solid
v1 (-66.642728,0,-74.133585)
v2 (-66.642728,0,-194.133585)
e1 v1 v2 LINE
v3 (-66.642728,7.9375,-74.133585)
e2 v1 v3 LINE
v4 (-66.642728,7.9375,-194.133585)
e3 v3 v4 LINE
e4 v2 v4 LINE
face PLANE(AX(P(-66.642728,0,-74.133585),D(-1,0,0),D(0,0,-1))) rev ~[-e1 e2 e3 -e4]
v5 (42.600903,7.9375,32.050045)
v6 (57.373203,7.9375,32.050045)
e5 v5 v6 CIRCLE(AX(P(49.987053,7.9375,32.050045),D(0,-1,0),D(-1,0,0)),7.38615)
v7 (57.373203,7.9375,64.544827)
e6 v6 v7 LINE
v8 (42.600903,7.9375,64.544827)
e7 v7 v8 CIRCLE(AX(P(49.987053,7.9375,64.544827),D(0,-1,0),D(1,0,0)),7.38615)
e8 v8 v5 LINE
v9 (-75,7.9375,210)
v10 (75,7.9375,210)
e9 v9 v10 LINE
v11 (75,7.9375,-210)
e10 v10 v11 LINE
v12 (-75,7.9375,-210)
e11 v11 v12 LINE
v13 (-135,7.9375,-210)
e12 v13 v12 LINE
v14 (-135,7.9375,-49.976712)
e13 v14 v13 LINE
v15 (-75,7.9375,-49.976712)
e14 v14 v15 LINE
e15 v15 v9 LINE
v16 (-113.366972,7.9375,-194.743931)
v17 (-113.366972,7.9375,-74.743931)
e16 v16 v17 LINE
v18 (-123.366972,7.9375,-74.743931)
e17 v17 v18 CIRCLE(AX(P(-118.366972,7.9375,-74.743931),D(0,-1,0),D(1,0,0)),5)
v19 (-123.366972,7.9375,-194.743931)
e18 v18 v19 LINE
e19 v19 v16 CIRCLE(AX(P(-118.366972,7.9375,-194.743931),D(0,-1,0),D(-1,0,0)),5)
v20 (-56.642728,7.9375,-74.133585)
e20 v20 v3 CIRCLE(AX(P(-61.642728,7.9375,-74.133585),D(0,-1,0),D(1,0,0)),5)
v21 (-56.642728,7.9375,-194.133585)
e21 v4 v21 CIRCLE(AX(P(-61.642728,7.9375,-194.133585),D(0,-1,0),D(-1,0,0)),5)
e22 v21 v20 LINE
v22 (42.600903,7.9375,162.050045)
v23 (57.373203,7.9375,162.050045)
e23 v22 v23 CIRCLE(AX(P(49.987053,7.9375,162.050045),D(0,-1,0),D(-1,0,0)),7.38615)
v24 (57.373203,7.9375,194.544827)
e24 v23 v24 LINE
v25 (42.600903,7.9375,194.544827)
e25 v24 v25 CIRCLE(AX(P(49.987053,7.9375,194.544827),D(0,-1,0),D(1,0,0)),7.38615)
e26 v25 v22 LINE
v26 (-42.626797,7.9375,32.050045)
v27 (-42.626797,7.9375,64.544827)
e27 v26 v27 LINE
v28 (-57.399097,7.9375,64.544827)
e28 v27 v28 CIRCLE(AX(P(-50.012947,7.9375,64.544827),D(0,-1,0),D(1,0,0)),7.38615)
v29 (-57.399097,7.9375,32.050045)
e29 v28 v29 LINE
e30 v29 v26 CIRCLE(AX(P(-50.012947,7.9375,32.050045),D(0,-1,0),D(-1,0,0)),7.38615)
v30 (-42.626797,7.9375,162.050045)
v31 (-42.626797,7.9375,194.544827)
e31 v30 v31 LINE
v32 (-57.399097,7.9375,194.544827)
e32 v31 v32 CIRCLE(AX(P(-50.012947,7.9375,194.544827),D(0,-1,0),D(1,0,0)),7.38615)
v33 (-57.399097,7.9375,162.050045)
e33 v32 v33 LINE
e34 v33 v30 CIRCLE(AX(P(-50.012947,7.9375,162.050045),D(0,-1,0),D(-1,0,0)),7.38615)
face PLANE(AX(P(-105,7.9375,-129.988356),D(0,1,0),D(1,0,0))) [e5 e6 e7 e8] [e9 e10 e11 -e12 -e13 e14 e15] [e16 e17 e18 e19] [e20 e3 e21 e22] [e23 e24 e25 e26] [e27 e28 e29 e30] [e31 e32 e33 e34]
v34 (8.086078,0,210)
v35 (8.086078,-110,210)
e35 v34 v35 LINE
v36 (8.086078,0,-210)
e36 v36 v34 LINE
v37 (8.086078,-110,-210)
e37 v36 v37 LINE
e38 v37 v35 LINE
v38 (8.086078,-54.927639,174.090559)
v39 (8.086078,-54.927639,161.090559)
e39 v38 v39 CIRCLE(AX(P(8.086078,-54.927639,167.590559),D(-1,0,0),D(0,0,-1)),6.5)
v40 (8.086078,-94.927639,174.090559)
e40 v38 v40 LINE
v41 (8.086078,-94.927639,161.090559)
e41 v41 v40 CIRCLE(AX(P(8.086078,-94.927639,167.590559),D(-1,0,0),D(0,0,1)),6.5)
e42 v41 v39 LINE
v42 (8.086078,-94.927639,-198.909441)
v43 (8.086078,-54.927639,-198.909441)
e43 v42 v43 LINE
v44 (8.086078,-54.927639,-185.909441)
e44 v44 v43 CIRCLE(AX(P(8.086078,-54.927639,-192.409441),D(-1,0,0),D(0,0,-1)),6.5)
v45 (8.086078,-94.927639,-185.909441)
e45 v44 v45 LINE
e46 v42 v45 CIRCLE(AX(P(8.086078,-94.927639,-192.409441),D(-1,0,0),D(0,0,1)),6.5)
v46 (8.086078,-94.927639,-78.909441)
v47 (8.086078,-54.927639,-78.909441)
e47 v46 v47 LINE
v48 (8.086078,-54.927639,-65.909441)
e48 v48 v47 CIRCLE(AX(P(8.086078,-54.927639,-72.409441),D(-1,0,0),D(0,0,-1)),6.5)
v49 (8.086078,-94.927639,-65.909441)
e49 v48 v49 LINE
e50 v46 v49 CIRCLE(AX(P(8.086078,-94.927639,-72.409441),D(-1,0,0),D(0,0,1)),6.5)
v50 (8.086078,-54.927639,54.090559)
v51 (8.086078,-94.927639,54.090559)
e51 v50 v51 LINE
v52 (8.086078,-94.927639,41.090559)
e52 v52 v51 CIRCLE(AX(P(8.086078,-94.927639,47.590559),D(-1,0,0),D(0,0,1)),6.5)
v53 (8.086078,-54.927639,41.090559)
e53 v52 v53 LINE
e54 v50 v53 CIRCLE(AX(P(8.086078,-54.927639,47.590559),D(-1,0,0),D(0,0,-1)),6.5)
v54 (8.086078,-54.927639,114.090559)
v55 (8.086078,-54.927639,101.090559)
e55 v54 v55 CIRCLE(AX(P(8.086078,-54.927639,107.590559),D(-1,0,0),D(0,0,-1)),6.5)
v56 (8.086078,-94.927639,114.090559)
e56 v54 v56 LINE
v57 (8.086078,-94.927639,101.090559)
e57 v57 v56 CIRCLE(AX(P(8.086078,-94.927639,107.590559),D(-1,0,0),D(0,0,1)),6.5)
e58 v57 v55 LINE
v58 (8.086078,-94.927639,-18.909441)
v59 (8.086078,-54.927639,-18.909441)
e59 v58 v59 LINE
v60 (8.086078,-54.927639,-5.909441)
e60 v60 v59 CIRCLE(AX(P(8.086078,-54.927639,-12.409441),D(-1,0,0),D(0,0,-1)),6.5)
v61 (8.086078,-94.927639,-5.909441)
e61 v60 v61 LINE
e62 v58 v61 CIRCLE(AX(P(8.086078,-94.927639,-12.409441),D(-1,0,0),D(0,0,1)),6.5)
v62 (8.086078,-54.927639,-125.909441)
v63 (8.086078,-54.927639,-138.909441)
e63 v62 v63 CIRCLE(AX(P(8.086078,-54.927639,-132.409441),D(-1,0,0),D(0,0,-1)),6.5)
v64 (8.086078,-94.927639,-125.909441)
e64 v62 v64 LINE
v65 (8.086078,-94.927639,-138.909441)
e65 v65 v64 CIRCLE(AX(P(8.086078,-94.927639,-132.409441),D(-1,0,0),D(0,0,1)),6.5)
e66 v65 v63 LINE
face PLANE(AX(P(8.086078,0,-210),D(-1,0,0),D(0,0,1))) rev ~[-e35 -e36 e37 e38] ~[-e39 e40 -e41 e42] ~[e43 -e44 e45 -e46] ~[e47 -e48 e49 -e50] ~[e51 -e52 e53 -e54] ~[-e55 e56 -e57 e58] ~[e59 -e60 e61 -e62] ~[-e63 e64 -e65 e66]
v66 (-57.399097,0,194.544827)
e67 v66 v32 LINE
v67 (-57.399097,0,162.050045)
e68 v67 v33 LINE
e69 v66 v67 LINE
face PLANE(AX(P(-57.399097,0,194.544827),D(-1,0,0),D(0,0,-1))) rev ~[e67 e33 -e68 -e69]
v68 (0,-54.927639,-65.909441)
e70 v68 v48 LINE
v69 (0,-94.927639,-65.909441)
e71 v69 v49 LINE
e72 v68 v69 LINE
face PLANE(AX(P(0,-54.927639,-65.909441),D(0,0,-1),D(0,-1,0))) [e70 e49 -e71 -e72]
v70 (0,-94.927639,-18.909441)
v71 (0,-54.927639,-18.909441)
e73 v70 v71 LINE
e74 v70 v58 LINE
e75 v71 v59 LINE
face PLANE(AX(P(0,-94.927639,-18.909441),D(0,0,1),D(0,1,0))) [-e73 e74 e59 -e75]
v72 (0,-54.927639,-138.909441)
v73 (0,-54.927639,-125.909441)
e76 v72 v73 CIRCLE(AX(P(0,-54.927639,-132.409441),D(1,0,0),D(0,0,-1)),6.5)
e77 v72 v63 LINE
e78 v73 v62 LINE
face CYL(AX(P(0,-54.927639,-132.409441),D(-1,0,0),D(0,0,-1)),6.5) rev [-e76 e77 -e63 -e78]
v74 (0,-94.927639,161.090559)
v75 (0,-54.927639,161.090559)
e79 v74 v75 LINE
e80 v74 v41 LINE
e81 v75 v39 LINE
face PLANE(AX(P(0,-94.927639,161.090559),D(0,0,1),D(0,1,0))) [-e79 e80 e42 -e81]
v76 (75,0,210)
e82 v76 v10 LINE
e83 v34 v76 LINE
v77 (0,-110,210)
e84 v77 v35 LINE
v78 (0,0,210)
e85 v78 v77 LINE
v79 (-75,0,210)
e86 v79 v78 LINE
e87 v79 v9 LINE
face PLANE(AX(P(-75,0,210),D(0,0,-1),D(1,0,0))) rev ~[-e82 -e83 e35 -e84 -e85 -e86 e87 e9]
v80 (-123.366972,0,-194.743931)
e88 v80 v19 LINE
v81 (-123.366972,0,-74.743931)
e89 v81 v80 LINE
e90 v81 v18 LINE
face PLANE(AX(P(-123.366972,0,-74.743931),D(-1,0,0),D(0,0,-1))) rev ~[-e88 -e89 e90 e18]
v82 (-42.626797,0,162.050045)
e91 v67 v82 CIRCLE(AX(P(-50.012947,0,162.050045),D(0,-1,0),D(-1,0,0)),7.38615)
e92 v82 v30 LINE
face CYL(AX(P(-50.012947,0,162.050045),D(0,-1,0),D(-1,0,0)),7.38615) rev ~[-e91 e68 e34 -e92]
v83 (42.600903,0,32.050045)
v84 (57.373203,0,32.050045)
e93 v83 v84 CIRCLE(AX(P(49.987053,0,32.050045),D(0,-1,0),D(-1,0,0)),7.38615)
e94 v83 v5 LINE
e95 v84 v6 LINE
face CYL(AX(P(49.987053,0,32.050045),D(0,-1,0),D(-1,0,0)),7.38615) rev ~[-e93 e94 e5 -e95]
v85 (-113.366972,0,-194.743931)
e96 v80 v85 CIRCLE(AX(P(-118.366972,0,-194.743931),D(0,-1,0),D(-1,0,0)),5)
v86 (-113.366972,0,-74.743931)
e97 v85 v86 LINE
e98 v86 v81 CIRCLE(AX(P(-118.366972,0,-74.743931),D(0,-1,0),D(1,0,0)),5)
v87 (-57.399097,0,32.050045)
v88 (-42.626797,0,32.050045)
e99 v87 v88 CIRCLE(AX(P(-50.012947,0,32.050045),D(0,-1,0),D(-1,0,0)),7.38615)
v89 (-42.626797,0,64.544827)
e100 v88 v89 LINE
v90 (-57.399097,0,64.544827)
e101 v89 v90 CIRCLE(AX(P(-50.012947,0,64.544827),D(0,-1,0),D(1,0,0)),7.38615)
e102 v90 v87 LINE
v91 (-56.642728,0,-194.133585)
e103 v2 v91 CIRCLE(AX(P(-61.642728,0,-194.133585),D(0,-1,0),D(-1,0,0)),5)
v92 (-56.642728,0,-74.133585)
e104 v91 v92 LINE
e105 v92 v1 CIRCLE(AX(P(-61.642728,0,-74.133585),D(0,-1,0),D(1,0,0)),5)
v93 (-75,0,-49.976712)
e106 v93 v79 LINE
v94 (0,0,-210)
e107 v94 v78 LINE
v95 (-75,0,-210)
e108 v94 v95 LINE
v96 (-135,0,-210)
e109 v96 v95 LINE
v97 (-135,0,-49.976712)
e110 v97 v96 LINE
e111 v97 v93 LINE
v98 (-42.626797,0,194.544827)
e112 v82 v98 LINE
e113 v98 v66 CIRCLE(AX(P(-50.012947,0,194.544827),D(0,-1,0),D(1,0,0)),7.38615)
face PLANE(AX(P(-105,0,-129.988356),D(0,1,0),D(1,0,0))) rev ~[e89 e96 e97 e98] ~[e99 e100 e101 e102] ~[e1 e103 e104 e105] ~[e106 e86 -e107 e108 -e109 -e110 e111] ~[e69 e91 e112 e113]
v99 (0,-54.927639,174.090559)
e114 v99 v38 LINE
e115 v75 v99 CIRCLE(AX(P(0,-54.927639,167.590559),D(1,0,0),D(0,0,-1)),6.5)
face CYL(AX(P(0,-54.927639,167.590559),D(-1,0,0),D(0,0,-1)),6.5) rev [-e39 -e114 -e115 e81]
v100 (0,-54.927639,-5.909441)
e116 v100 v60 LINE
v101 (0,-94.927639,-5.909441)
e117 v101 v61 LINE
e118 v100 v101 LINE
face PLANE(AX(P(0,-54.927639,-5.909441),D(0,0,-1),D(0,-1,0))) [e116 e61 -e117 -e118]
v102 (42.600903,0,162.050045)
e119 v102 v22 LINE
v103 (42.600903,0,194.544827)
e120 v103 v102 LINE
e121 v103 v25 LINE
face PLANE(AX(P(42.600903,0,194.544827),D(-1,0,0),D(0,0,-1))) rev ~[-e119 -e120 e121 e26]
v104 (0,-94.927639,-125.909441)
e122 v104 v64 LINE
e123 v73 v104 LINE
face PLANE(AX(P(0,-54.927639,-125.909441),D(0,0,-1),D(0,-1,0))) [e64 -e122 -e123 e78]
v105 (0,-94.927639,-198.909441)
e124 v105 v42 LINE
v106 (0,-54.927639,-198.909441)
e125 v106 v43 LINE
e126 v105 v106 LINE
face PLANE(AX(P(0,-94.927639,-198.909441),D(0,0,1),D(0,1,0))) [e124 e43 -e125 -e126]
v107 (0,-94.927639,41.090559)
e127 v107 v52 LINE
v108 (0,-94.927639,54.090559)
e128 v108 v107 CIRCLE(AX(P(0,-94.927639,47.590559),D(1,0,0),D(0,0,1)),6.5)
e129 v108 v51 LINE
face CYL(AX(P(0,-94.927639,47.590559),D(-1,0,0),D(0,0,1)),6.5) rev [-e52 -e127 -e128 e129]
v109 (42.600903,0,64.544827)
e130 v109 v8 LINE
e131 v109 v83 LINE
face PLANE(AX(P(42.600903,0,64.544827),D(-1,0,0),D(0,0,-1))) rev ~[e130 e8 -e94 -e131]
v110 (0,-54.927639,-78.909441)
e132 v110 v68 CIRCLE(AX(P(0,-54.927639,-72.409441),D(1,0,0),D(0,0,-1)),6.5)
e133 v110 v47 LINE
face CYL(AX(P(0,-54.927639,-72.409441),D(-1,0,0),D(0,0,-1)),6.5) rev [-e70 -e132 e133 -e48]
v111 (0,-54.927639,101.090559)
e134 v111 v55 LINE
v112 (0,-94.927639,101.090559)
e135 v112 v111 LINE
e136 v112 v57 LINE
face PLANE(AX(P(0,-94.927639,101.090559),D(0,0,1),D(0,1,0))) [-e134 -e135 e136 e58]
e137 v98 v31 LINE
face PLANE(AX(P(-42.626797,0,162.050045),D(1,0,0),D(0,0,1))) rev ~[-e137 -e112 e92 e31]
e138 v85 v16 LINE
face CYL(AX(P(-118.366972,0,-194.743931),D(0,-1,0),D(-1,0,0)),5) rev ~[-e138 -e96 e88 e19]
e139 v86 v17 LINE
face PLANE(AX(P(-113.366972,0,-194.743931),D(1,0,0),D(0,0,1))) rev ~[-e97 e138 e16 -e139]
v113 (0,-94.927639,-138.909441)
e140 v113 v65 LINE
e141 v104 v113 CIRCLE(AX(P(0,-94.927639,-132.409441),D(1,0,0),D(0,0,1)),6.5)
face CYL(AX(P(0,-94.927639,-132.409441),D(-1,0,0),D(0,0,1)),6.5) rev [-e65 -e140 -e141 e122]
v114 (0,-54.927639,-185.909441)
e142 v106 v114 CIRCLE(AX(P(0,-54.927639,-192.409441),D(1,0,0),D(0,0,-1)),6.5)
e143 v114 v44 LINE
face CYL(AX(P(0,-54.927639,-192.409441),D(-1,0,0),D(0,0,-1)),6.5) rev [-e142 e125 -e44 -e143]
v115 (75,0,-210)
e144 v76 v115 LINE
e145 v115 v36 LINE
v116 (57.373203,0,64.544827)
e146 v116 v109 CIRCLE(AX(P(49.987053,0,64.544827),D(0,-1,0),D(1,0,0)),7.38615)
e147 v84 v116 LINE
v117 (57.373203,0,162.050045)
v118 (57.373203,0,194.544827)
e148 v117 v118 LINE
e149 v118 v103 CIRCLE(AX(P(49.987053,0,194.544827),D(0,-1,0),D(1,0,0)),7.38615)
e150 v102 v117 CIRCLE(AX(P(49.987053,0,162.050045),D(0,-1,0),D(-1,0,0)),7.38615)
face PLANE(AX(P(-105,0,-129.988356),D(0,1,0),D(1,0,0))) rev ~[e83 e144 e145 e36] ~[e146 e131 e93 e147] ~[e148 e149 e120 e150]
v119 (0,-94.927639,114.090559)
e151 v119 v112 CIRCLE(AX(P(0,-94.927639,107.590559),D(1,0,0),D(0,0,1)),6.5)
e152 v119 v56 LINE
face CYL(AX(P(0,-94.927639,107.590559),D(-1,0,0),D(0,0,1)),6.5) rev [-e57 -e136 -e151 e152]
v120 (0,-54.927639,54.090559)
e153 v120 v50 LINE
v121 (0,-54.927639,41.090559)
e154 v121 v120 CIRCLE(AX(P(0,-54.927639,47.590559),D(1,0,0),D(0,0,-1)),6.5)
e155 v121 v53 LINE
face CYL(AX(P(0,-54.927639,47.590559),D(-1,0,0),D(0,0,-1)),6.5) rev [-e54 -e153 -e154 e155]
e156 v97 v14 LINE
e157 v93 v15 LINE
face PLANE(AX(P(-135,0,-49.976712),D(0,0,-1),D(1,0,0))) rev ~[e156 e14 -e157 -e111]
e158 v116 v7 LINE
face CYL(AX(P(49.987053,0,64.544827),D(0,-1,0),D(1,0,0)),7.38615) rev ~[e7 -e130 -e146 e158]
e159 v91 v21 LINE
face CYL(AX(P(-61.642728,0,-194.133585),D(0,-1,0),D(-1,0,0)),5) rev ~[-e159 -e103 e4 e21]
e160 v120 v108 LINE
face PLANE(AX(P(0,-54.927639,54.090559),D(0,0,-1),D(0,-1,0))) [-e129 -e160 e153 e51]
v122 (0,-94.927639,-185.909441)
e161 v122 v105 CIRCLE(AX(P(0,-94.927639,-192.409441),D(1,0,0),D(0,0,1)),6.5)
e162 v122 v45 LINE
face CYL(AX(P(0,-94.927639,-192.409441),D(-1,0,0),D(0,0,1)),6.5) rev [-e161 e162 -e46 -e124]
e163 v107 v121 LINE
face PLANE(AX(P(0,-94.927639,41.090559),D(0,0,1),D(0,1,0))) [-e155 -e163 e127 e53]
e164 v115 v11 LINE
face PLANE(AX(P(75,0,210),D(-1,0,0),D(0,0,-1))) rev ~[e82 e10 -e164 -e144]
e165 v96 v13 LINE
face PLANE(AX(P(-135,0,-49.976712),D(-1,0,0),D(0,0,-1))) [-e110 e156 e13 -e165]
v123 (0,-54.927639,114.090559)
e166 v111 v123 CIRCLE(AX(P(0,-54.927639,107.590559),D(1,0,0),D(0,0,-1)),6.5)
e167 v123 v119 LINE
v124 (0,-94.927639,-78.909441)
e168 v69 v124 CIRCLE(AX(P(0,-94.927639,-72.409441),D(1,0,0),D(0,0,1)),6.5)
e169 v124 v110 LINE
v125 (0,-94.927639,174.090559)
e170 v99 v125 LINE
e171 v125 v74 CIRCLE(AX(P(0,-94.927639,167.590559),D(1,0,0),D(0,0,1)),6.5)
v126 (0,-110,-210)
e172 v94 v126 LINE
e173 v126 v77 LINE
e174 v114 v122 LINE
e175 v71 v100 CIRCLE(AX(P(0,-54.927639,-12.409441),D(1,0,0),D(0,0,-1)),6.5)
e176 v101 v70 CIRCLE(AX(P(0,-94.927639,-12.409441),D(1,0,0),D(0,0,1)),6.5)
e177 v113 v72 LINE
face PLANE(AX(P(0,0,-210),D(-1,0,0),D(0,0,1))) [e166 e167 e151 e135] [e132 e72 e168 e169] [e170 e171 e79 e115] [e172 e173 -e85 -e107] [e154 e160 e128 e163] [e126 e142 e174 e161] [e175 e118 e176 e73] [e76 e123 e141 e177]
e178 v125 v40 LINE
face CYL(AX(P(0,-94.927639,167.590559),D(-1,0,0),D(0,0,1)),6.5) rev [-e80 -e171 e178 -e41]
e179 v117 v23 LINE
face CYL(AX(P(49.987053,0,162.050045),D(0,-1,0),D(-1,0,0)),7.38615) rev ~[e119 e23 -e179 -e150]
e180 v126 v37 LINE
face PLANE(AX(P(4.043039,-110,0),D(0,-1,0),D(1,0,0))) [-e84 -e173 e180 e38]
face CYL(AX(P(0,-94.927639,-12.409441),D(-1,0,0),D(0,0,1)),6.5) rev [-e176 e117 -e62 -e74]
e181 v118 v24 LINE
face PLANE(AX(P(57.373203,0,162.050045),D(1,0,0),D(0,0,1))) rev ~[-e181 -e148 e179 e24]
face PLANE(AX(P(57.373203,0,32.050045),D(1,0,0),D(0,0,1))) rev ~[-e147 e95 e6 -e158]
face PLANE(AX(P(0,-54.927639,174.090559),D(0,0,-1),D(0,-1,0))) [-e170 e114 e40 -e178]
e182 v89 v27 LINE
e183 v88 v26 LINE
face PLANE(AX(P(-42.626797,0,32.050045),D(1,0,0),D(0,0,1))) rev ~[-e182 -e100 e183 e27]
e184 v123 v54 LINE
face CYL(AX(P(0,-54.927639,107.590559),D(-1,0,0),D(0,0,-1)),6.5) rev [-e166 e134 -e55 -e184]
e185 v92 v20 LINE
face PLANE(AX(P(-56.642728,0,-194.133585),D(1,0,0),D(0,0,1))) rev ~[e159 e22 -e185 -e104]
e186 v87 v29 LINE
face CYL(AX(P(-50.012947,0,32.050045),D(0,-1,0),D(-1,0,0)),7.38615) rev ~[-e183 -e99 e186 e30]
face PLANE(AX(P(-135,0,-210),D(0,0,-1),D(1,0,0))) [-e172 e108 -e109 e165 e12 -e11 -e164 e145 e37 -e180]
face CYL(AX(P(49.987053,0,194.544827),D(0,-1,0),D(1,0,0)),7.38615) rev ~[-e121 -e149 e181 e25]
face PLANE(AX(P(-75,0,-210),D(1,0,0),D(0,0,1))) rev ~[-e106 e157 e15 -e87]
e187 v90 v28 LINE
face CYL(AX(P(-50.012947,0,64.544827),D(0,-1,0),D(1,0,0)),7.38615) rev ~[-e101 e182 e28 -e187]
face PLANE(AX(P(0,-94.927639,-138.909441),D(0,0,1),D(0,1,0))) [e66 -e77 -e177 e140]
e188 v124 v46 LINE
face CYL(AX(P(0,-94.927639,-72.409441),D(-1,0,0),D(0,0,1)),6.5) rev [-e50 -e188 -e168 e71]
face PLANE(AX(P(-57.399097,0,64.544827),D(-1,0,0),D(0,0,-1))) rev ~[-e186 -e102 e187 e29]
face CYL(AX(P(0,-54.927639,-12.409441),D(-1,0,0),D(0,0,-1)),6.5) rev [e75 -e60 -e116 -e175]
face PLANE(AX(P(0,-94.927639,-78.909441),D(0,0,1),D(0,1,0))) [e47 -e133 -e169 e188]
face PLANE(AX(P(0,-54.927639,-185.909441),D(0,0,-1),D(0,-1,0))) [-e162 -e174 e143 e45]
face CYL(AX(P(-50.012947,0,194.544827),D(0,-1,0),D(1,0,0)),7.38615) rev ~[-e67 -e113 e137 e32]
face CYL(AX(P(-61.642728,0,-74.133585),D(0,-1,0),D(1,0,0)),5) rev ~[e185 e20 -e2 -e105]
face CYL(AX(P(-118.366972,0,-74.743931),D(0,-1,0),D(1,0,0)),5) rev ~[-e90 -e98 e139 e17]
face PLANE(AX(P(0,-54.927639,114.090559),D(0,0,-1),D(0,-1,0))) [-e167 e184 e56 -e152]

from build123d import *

# Parameters (mm, degrees)
CROQUIS1_W              = 60
CROQUIS1_H              = 160.023288417
SALIENTE_EXTRUIR1_DEPTH = 7.9375
CROQUIS2_W              = 8.086078182
CROQUIS2_H              = 420
SALIENTE_EXTRUIR2_DEPTH = 110
CORTAR_EXTRUIR1_DEPTH   = 10


with BuildPart() as part:
    # Croquis1 → Saliente-Extruir1 (new body)
    # profile 1 of 2: a face of its own
    with BuildSketch(Plane(origin=(0, 0, 0), x_dir=(1, 0, 0), z_dir=(0, 1, 0))):
        Polygon((75, 210), (-75, 210), (-75, 49.976711583), (-75, -210), (75, -210), align=None)
        with BuildLine():
            ThreePointArc((-42.626797059, -194.544827159), (-50.012947046, -201.930977146), (-57.399097033, -194.544827159))
            Line((-57.399097033, -194.544827159), (-57.399097033, -162.050045053))
            ThreePointArc((-57.399097033, -162.050045053), (-50.012947046, -154.663895066), (-42.626797059, -162.050045053))
            Line((-42.626797059, -162.050045053), (-42.626797059, -194.544827159))
        make_face(mode=Mode.SUBTRACT)
        with BuildLine():
            ThreePointArc((-42.626797059, -64.544827159), (-50.012947046, -71.930977146), (-57.399097033, -64.544827159))
            Line((-57.399097033, -64.544827159), (-57.399097033, -32.050045053))
            ThreePointArc((-57.399097033, -32.050045053), (-50.012947046, -24.663895066), (-42.626797059, -32.050045053))
            Line((-42.626797059, -32.050045053), (-42.626797059, -64.544827159))
        make_face(mode=Mode.SUBTRACT)
        with BuildLine():
            ThreePointArc((57.373202941, -194.544827159), (49.987052954, -201.930977146), (42.600902967, -194.544827159))
            Line((42.600902967, -194.544827159), (42.600902967, -162.050045053))
            ThreePointArc((42.600902967, -162.050045053), (49.987052954, -154.663895066), (57.373202941, -162.050045053))
            Line((57.373202941, -162.050045053), (57.373202941, -194.544827159))
        make_face(mode=Mode.SUBTRACT)
        with BuildLine():
            ThreePointArc((57.373202941, -64.544827159), (49.987052954, -71.930977146), (42.600902967, -64.544827159))
            Line((42.600902967, -64.544827159), (42.600902967, -32.050045053))
            ThreePointArc((42.600902967, -32.050045053), (49.987052954, -24.663895066), (57.373202941, -32.050045053))
            Line((57.373202941, -32.050045053), (57.373202941, -64.544827159))
        make_face(mode=Mode.SUBTRACT)
        with BuildLine():
            ThreePointArc((-66.642728039, 194.133584854), (-61.642728039, 199.133584854), (-56.642728039, 194.133584854))
            Line((-56.642728039, 194.133584854), (-56.642728039, 74.133584854))
            ThreePointArc((-56.642728039, 74.133584854), (-61.642728039, 69.133584854), (-66.642728039, 74.133584854))
            Line((-66.642728039, 74.133584854), (-66.642728039, 194.133584854))
        make_face(mode=Mode.SUBTRACT)
    # profile 2 of 2: a face of its own
    with BuildSketch(Plane(origin=(0, 0, 0), x_dir=(1, 0, 0), z_dir=(0, 1, 0))):
        with Locations((-105, 129.988355791)):
            Rectangle(CROQUIS1_W, CROQUIS1_H)
        with BuildLine():
            ThreePointArc((-123.366972213, 194.743931483), (-118.366972213, 199.743931483), (-113.366972213, 194.743931483))
            Line((-113.366972213, 194.743931483), (-113.366972213, 74.743931483))
            ThreePointArc((-113.366972213, 74.743931483), (-118.366972213, 69.743931483), (-123.366972213, 74.743931483))
            Line((-123.366972213, 74.743931483), (-123.366972213, 194.743931483))
        make_face(mode=Mode.SUBTRACT)
    extrude(amount=SALIENTE_EXTRUIR1_DEPTH)

    # Croquis2 → Saliente-Extruir2 (add)
    with BuildSketch(Plane.XZ):
        with Locations((4.043039091, 0)):
            Rectangle(CROQUIS2_W, CROQUIS2_H)
    extrude(amount=SALIENTE_EXTRUIR2_DEPTH)

    # Croquis3 → Cortar-Extruir1 (cut)
    with BuildSketch(Plane.ZY):
        with BuildLine():
            Line((-185.90944112, -54.927638628), (-185.90944112, -94.927638628))
            ThreePointArc((-185.90944112, -94.927638628), (-192.40944112, -101.427638628), (-198.90944112, -94.927638628))
            Line((-198.90944112, -94.927638628), (-198.90944112, -54.927638628))
            ThreePointArc((-198.90944112, -54.927638628), (-192.40944112, -48.427638628), (-185.90944112, -54.927638628))
        make_face()
        with BuildLine():
            Line((-125.90944112, -54.927638628), (-125.90944112, -94.927638628))
            ThreePointArc((-125.90944112, -94.927638628), (-132.40944112, -101.427638628), (-138.90944112, -94.927638628))
            Line((-138.90944112, -94.927638628), (-138.90944112, -54.927638628))
            ThreePointArc((-138.90944112, -54.927638628), (-132.40944112, -48.427638628), (-125.90944112, -54.927638628))
        make_face()
        with BuildLine():
            Line((-65.90944112, -54.927638628), (-65.90944112, -94.927638628))
            ThreePointArc((-65.90944112, -94.927638628), (-72.40944112, -101.427638628), (-78.90944112, -94.927638628))
            Line((-78.90944112, -94.927638628), (-78.90944112, -54.927638628))
            ThreePointArc((-78.90944112, -54.927638628), (-72.40944112, -48.427638628), (-65.90944112, -54.927638628))
        make_face()
        with BuildLine():
            Line((-5.90944112, -54.927638628), (-5.90944112, -94.927638628))
            ThreePointArc((-5.90944112, -94.927638628), (-12.40944112, -101.427638628), (-18.90944112, -94.927638628))
            Line((-18.90944112, -94.927638628), (-18.90944112, -54.927638628))
            ThreePointArc((-18.90944112, -54.927638628), (-12.40944112, -48.427638628), (-5.90944112, -54.927638628))
        make_face()
        with BuildLine():
            Line((54.09055888, -54.927638628), (54.09055888, -94.927638628))
            ThreePointArc((54.09055888, -94.927638628), (47.59055888, -101.427638628), (41.09055888, -94.927638628))
            Line((41.09055888, -94.927638628), (41.09055888, -54.927638628))
            ThreePointArc((41.09055888, -54.927638628), (47.59055888, -48.427638628), (54.09055888, -54.927638628))
        make_face()
        with BuildLine():
            Line((114.09055888, -54.927638628), (114.09055888, -94.927638628))
            ThreePointArc((114.09055888, -94.927638628), (107.59055888, -101.427638628), (101.09055888, -94.927638628))
            Line((101.09055888, -94.927638628), (101.09055888, -54.927638628))
            ThreePointArc((101.09055888, -54.927638628), (107.59055888, -48.427638628), (114.09055888, -54.927638628))
        make_face()
        with BuildLine():
            Line((174.09055888, -54.927638628), (174.09055888, -94.927638628))
            ThreePointArc((174.09055888, -94.927638628), (167.59055888, -101.427638628), (161.09055888, -94.927638628))
            Line((161.09055888, -94.927638628), (161.09055888, -54.927638628))
            ThreePointArc((161.09055888, -54.927638628), (167.59055888, -48.427638628), (174.09055888, -54.927638628))
        make_face()
    extrude(amount=-CORTAR_EXTRUIR1_DEPTH, mode=Mode.SUBTRACT)


solid = part.part
